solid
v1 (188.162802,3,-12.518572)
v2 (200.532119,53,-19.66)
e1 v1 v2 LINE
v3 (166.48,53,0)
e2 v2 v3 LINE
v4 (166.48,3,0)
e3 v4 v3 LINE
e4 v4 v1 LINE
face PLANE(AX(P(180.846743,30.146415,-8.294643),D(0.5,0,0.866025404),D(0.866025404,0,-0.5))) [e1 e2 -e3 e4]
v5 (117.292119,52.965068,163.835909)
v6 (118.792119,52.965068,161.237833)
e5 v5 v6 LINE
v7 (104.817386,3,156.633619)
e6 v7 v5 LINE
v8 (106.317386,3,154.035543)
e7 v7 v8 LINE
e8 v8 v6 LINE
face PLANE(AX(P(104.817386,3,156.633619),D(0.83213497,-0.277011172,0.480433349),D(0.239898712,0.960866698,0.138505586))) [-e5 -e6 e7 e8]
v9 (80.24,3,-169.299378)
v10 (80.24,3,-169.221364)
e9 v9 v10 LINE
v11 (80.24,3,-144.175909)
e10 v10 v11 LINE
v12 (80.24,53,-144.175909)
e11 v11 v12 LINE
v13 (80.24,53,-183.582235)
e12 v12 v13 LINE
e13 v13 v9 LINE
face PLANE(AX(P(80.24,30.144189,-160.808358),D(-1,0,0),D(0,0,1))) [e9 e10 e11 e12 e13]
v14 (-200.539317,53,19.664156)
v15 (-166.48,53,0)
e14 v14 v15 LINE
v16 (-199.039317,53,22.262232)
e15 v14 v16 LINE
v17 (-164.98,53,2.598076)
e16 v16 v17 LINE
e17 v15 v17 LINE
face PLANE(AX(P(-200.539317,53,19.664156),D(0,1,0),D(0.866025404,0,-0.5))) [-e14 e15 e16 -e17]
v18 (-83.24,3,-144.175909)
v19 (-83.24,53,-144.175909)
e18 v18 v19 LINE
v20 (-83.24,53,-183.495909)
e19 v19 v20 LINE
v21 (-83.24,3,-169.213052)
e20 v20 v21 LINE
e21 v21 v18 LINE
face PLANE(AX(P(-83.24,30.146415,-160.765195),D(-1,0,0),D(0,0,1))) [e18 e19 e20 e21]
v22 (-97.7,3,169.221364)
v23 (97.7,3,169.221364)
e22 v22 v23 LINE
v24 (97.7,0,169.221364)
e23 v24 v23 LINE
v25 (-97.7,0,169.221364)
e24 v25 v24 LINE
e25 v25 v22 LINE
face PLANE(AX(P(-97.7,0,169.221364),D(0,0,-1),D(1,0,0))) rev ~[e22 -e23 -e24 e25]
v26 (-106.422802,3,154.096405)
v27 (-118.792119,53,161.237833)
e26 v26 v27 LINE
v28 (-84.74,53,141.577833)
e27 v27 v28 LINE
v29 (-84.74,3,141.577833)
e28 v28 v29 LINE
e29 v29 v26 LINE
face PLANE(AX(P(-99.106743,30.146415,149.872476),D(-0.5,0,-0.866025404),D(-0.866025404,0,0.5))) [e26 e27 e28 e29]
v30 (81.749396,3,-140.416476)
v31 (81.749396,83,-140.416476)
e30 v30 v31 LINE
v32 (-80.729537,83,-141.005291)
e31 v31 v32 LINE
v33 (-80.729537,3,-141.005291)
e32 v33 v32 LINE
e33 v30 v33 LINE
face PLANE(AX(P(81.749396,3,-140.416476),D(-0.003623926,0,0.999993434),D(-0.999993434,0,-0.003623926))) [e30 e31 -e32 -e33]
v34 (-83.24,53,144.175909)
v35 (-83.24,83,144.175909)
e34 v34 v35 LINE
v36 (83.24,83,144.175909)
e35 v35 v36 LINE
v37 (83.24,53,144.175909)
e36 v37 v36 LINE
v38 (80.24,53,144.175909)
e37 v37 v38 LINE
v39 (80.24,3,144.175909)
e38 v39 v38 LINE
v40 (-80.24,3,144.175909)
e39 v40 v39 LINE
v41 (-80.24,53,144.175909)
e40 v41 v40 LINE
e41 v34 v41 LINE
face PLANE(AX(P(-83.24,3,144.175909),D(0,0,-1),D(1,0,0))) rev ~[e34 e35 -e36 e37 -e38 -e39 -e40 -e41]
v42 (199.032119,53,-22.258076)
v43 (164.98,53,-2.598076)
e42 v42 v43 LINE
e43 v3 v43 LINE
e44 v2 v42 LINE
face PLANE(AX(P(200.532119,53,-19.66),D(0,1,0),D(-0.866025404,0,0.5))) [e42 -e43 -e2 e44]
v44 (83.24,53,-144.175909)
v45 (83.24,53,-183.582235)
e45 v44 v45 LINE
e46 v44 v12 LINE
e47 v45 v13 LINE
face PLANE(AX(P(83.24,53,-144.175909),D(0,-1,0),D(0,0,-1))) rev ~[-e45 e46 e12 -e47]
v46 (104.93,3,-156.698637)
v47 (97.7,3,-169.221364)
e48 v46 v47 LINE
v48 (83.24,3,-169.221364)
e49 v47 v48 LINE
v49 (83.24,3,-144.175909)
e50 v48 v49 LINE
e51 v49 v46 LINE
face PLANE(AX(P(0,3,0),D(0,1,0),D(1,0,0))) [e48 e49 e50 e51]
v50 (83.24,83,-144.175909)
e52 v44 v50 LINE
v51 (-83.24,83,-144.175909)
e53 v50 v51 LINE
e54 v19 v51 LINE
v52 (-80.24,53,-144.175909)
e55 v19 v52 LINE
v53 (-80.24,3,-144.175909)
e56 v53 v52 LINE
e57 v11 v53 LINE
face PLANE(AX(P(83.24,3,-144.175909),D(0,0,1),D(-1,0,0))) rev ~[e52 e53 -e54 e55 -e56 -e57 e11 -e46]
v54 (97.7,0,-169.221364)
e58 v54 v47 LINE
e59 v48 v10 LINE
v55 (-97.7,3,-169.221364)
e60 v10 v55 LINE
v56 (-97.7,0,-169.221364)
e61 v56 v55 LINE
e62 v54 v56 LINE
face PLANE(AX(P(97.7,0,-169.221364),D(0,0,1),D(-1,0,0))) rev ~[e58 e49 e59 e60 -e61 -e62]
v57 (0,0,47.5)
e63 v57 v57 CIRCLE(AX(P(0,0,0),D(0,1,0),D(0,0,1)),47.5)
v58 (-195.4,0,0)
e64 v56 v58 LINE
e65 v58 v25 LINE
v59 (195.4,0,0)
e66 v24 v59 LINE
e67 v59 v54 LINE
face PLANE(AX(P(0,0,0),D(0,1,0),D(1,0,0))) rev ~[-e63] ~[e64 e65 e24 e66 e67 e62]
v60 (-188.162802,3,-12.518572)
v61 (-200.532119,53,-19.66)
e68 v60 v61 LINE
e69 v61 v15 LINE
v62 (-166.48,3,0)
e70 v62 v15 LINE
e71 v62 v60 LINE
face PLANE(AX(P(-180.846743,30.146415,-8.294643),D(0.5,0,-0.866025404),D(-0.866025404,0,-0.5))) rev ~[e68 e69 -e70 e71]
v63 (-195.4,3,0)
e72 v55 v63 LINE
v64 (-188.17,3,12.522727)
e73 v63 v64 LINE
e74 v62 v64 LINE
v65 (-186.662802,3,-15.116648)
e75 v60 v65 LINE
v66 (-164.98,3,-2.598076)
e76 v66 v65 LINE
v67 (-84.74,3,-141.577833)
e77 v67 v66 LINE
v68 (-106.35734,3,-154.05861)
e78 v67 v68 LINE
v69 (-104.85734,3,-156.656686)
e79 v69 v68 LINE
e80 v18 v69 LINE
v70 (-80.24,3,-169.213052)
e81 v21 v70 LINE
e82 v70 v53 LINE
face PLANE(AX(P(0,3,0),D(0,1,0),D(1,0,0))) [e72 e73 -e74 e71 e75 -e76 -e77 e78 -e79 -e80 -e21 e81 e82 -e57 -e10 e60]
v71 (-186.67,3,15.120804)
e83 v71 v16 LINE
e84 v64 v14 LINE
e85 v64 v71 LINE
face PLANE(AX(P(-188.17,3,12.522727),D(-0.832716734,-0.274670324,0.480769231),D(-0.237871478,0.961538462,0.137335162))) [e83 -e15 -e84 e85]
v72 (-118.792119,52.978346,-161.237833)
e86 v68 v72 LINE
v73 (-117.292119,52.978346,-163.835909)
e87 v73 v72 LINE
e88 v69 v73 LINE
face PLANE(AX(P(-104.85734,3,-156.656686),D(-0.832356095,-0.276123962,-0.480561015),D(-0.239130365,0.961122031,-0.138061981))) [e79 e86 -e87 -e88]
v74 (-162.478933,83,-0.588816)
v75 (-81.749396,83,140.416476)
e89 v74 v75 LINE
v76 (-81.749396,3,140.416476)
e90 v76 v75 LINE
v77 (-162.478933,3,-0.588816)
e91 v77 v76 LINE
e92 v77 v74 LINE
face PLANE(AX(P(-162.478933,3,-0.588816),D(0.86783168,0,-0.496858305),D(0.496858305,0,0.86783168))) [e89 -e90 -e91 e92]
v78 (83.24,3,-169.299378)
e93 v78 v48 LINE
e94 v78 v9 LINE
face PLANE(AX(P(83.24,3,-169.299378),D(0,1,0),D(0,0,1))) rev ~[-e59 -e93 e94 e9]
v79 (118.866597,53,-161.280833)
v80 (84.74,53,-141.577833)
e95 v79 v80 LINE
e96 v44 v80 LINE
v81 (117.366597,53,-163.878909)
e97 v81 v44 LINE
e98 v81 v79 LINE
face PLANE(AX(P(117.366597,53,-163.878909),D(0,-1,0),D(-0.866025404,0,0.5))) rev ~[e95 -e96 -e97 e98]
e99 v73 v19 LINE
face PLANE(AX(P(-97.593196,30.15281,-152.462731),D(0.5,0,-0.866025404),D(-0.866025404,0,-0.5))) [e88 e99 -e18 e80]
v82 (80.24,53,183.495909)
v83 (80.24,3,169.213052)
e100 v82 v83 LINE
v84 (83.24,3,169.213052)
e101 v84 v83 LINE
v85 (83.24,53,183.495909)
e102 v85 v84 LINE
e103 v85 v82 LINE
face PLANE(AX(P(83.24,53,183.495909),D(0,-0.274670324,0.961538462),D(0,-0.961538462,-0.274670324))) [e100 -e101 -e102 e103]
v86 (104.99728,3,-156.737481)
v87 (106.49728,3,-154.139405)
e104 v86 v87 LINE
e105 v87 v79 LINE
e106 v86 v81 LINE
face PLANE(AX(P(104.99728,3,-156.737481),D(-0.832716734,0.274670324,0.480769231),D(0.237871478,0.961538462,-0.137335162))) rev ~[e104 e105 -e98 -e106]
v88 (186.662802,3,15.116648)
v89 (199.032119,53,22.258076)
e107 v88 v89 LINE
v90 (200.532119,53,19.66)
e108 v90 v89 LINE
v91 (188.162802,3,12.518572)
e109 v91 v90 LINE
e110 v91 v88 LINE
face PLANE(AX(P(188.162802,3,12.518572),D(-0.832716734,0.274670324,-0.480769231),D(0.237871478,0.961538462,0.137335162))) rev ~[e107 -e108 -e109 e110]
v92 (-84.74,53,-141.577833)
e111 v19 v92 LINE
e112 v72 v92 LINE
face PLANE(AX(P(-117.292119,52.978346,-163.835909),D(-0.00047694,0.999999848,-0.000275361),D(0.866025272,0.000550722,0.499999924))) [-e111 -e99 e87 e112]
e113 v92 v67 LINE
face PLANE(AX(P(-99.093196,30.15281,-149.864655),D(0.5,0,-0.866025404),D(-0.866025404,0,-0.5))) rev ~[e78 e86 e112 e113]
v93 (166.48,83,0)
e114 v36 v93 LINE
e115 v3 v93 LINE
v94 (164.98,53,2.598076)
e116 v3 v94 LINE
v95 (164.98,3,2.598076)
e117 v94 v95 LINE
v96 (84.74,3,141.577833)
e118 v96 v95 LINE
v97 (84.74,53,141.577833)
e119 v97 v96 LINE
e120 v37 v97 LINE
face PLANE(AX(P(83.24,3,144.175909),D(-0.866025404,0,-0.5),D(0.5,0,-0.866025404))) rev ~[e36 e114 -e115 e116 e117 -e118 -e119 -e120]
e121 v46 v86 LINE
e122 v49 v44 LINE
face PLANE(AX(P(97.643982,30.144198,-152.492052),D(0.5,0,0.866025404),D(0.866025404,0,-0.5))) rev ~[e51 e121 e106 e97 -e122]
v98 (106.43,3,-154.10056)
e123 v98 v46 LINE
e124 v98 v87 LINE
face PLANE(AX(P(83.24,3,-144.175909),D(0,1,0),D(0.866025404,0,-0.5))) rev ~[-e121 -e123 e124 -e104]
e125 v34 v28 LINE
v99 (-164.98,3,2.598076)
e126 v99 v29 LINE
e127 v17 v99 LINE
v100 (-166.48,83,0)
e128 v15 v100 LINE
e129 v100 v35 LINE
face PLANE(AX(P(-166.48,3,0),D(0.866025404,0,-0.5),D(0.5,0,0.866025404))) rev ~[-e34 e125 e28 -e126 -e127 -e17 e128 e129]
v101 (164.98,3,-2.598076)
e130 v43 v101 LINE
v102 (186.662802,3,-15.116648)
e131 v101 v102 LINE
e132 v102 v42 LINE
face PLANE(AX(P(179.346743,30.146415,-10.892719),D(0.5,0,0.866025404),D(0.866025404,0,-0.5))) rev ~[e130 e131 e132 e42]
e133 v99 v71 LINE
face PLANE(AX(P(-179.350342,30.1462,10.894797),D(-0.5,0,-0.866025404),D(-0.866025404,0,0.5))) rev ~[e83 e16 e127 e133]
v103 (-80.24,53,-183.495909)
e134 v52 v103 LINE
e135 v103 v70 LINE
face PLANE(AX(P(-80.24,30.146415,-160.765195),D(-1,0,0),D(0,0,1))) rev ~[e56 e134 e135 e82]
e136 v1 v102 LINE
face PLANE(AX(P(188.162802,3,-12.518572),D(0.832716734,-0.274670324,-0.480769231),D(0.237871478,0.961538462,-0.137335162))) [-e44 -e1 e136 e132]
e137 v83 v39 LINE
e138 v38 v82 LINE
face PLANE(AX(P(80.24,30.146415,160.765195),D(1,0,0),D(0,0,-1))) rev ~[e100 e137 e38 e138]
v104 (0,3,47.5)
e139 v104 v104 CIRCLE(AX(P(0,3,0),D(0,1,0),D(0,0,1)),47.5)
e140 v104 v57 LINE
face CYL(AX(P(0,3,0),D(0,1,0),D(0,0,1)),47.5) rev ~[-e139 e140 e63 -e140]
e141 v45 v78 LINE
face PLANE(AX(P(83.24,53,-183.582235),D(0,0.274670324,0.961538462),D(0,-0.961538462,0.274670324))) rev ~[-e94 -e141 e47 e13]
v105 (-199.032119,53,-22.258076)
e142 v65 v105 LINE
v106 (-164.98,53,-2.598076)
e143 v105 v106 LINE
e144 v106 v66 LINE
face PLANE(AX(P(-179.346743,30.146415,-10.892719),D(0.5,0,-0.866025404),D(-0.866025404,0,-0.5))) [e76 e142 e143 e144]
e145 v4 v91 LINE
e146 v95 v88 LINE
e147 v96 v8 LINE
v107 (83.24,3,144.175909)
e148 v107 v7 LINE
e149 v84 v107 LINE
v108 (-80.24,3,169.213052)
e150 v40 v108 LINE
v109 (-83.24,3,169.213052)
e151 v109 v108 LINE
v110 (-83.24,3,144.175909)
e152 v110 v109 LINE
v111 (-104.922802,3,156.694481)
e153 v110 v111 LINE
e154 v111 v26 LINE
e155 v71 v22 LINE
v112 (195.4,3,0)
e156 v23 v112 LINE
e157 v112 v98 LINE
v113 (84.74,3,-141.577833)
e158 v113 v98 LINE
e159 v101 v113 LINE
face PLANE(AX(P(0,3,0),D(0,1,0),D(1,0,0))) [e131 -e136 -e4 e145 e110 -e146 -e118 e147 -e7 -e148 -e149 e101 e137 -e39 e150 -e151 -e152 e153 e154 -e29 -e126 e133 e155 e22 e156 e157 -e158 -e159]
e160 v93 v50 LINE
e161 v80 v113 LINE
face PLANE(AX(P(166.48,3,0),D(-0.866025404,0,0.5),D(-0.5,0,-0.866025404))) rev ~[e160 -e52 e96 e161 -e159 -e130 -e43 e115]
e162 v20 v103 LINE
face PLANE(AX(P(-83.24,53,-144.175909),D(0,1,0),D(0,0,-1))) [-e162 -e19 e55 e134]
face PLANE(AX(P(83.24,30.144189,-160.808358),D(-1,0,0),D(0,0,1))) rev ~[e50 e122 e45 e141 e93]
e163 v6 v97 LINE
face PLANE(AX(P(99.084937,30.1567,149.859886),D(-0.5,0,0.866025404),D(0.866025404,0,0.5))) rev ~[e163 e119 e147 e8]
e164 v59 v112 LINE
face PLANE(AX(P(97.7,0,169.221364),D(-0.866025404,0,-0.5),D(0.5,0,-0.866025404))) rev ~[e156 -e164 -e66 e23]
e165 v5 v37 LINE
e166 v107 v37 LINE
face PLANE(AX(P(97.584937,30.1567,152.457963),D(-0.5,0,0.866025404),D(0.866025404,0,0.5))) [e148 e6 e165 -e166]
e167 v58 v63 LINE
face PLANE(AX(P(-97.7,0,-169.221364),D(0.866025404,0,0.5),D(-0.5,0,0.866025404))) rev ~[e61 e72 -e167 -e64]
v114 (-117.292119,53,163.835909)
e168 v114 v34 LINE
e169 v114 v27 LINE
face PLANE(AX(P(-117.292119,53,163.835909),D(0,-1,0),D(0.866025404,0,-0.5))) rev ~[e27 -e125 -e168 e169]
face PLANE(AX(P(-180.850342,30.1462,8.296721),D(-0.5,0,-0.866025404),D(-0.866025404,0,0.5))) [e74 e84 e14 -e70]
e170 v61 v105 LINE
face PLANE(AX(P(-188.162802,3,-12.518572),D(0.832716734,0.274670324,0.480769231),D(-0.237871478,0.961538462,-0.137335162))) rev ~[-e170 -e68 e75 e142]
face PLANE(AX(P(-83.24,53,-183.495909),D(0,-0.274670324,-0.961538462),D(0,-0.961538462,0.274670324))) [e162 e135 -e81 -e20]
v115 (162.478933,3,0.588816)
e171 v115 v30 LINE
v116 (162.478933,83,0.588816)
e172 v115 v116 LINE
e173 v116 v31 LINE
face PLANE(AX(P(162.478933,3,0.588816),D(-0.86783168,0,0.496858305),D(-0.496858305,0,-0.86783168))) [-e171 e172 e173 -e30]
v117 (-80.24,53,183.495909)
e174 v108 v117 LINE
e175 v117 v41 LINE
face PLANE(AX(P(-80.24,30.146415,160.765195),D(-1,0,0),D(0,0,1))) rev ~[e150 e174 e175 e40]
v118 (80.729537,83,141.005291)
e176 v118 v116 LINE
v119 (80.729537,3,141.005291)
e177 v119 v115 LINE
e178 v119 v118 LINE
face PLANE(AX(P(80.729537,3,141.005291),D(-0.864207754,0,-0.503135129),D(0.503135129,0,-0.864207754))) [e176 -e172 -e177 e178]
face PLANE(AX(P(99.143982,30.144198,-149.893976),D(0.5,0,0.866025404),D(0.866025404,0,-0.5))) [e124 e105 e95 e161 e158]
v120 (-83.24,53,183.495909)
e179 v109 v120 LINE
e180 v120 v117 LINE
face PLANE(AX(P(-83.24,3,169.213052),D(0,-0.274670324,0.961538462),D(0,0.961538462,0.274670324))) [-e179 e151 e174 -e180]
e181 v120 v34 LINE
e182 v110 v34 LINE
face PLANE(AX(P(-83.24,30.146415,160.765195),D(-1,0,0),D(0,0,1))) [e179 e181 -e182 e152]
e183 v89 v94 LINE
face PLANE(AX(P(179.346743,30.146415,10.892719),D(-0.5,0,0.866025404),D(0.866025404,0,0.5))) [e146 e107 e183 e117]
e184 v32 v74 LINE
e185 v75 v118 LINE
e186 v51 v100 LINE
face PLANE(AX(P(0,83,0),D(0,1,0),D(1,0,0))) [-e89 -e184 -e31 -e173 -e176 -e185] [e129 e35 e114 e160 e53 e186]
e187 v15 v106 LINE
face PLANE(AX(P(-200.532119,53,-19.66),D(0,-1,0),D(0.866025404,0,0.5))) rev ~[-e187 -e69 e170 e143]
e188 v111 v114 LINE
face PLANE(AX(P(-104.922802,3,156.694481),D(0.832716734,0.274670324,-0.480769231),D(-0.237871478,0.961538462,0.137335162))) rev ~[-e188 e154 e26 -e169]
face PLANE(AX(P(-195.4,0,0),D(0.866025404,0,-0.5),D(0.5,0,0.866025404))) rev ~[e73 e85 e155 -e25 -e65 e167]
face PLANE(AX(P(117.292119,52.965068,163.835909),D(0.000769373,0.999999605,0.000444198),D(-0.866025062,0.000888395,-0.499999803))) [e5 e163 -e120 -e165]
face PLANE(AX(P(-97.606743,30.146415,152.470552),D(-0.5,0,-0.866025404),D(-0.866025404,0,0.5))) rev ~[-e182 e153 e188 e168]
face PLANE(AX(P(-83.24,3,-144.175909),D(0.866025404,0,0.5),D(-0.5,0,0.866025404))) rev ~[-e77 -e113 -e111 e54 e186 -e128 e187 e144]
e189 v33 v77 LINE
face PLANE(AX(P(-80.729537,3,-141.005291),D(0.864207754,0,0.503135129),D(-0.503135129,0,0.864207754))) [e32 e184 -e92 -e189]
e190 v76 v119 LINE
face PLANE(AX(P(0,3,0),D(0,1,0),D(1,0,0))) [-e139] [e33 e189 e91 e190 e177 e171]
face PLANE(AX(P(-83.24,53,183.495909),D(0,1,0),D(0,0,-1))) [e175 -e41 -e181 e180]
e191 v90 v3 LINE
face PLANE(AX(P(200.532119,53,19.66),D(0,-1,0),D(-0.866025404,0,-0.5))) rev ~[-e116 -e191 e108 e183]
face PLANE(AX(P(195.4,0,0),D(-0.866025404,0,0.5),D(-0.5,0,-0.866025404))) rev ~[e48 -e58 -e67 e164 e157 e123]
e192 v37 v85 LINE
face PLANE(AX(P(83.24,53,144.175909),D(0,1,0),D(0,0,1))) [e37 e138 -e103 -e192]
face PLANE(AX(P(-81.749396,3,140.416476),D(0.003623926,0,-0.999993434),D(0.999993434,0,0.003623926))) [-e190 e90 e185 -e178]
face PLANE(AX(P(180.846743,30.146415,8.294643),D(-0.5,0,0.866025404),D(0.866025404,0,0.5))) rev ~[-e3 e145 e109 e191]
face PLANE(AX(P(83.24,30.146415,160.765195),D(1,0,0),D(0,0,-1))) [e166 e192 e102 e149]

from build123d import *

# Parameters (mm, degrees)
EXTRUDE_2_DEPTH     = 3
SKETCH_4_R          = 47.5
CUT_EXTRUDE_1_DEPTH = 3
EXTRUDE_3_DEPTH     = 80
EXTRUDE_7_DEPTH     = 3
EXTRUDE_11_DEPTH    = 3
EXTRUDE_12_DEPTH    = 3
EXTRUDE_13_DEPTH    = 3
EXTRUDE_14_DEPTH    = 3
EXTRUDE_15_DEPTH    = 3
EXTRUDE_16_DEPTH    = 3
EXTRUDE_17_DEPTH    = 3
EXTRUDE_18_DEPTH    = 3
EXTRUDE_19_DEPTH    = 3
EXTRUDE_20_DEPTH    = 3
EXTRUDE_21_DEPTH    = 3


with BuildPart() as part:
    # 草图3 → 凸台-拉伸2 (new body)
    with BuildSketch(Plane(origin=(0, 0, 0), x_dir=(1, 0, 0), z_dir=(0, 1, 0))):
        Polygon((195.4, 0), (97.7, 169.221363899), (-97.7, 169.221363899), (-195.4, 0), (-97.7, -169.221363899), (97.7, -169.221363899), align=None)
    extrude(amount=EXTRUDE_2_DEPTH)

    # 草图4 → 切除-拉伸1 (cut)
    with BuildSketch(Plane(origin=(0, 3, 0), x_dir=(1, 0, 0), z_dir=(0, 1, 0))):
        with Locations(Location((0, 0, 0), (0, 0, 270))):
            Circle(SKETCH_4_R)
    extrude(amount=-CUT_EXTRUDE_1_DEPTH, mode=Mode.SUBTRACT)

    # 草图5 → 凸台-拉伸3 (add)
    with BuildSketch(Plane(origin=(0, 3, 0), x_dir=(1, 0, 0), z_dir=(0, 1, 0))):
        Polygon((83.24, 144.175909222), (-83.24, 144.175909222), (-166.48, 0), (-83.24, -144.175909222), (83.24, -144.175909222), (166.48, 0), align=None)
        Polygon((-80.729537332, 141.005291398), (-162.478933084, 0.588815534), (-81.749395753, -140.416475864), (80.729537332, -141.005291398), (162.478933084, -0.588815534), (81.749395753, 140.416475864), align=None, mode=Mode.SUBTRACT)
    extrude(amount=EXTRUDE_3_DEPTH)

    # 草图11 → 凸台-拉伸7 (add)
    with BuildSketch(Plane(origin=(83.24, 0, 0), x_dir=(0, 0, -1), z_dir=(1, 0, 0))):
        Polygon((144.175909222, 3), (144.175909222, 53), (183.582235223, 53), (169.299378366, 3), align=None)
    extrude(amount=-EXTRUDE_7_DEPTH)

    # 草图15 → 凸台-拉伸11 (add)
    with BuildSketch(Plane(origin=(-41.62, 0, -72.087954611), x_dir=(-0.8660254037844382, 0, 0.500000000000001), z_dir=(-0.500000000000001, 0, -0.8660254037844382))):
        Polygon((-144.175909222, 53), (-144.175909222, 3), (-169.299052365, 3), (-183.581909222, 53), align=None)
    extrude(amount=-EXTRUDE_11_DEPTH)

    # 草图17 → 凸台-拉伸12 (add)
    with BuildSketch(Plane(origin=(-41.62, 0, -72.087954611), x_dir=(-0.8660254037844382, 0, 0.500000000000001), z_dir=(-0.500000000000001, 0, -0.8660254037844382))):
        Polygon((144.175909222, 3), (169.221363899, 3), (183.504220757, 53), (144.175909222, 53), align=None)
    extrude(amount=-EXTRUDE_12_DEPTH)

    # 草图19 → 凸台-拉伸13 (add)
    with BuildSketch(Plane(origin=(83.24, 0, 0), x_dir=(0, 0, -1), z_dir=(1, 0, 0))):
        Polygon((-144.175909222, 3), (-144.175909222, 53), (-183.495909222, 53), (-169.213052365, 3), align=None)
    extrude(amount=-EXTRUDE_13_DEPTH)

    # 草图20 → 凸台-拉伸14 (add)
    with BuildSketch(Plane(origin=(-83.24, 0, 0), x_dir=(0, 0, -1), z_dir=(1, 0, 0))):
        Polygon((144.175909222, 3), (144.175909222, 53), (183.495909222, 53), (169.213052365, 3), align=None)
    extrude(amount=EXTRUDE_14_DEPTH)

    # 草图22 → 凸台-拉伸15 (add)
    with BuildSketch(Plane(origin=(-83.24, 0, 0), x_dir=(0, 0, -1), z_dir=(1, 0, 0))):
        Polygon((-144.175909222, 53), (-144.175909222, 3), (-169.213052365, 3), (-183.495909222, 53), align=None)
    extrude(amount=EXTRUDE_15_DEPTH)

    # 草图23 → 凸台-拉伸16 (add)
    with BuildSketch(Plane(origin=(-41.62, 0, 72.087954611), x_dir=(-0.8660254037844406, 0, -0.4999999999999966), z_dir=(0.4999999999999966, 0, -0.8660254037844406))):
        Polygon((-144.175909222, 53), (-144.175909222, 3), (-169.091328291, 3), (-183.495909222, 52.96506828), align=None)
    extrude(amount=EXTRUDE_16_DEPTH)

    # 草图24 → 凸台-拉伸17 (add)
    with BuildSketch(Plane(origin=(41.62, 0, -72.087954611), x_dir=(-0.866025403784439, 0, -0.4999999999999994), z_dir=(0.4999999999999994, 0, -0.866025403784439))):
        Polygon((-144.175909222, 3), (-169.213052365, 3), (-183.495909222, 53), (-144.175909222, 53), align=None)
    extrude(amount=-EXTRUDE_17_DEPTH)

    # 草图26 → 凸台-拉伸18 (add)
    with BuildSketch(Plane(origin=(-41.62, 0, 72.087954611), x_dir=(-0.8660254037844406, 0, -0.4999999999999966), z_dir=(0.4999999999999966, 0, -0.8660254037844406))):
        Polygon((144.175909222, 53), (144.175909222, 3), (169.213052365, 3), (183.495909222, 53), align=None)
    extrude(amount=EXTRUDE_18_DEPTH)

    # 草图27 → 凸台-拉伸19 (add)
    with BuildSketch(Plane(origin=(41.62, 0, -72.087954611), x_dir=(-0.866025403784439, 0, -0.4999999999999994), z_dir=(0.4999999999999994, 0, -0.866025403784439))):
        Polygon((144.175909222, 53), (144.175909222, 3), (169.137463214, 3), (183.495909222, 52.978345593), align=None)
    extrude(amount=-EXTRUDE_19_DEPTH)

    # 草图28 → 凸台-拉伸20 (add)
    with BuildSketch(Plane(origin=(41.62, 0, 72.087954611), x_dir=(-0.8660254037844407, 0, 0.4999999999999965), z_dir=(-0.4999999999999965, -1.145624345781526e-15, -0.8660254037844407))):
        Polygon((144.175909222, 53), (144.175909222, 3), (169.213052365, 3), (183.495909222, 53), align=None)
    extrude(amount=EXTRUDE_20_DEPTH)

    # 草图31 → 凸台-拉伸21 (add)
    with BuildSketch(Plane(origin=(41.62, 0, 72.087954611), x_dir=(-0.8660254037844407, 0, 0.4999999999999965), z_dir=(-0.4999999999999965, -1.145624345781526e-15, -0.8660254037844407))):
        Polygon((-144.175909222, 53), (-144.175909222, 3), (-169.213052365, 3), (-183.495909222, 53), align=None)
    extrude(amount=EXTRUDE_21_DEPTH)


solid = part.part
